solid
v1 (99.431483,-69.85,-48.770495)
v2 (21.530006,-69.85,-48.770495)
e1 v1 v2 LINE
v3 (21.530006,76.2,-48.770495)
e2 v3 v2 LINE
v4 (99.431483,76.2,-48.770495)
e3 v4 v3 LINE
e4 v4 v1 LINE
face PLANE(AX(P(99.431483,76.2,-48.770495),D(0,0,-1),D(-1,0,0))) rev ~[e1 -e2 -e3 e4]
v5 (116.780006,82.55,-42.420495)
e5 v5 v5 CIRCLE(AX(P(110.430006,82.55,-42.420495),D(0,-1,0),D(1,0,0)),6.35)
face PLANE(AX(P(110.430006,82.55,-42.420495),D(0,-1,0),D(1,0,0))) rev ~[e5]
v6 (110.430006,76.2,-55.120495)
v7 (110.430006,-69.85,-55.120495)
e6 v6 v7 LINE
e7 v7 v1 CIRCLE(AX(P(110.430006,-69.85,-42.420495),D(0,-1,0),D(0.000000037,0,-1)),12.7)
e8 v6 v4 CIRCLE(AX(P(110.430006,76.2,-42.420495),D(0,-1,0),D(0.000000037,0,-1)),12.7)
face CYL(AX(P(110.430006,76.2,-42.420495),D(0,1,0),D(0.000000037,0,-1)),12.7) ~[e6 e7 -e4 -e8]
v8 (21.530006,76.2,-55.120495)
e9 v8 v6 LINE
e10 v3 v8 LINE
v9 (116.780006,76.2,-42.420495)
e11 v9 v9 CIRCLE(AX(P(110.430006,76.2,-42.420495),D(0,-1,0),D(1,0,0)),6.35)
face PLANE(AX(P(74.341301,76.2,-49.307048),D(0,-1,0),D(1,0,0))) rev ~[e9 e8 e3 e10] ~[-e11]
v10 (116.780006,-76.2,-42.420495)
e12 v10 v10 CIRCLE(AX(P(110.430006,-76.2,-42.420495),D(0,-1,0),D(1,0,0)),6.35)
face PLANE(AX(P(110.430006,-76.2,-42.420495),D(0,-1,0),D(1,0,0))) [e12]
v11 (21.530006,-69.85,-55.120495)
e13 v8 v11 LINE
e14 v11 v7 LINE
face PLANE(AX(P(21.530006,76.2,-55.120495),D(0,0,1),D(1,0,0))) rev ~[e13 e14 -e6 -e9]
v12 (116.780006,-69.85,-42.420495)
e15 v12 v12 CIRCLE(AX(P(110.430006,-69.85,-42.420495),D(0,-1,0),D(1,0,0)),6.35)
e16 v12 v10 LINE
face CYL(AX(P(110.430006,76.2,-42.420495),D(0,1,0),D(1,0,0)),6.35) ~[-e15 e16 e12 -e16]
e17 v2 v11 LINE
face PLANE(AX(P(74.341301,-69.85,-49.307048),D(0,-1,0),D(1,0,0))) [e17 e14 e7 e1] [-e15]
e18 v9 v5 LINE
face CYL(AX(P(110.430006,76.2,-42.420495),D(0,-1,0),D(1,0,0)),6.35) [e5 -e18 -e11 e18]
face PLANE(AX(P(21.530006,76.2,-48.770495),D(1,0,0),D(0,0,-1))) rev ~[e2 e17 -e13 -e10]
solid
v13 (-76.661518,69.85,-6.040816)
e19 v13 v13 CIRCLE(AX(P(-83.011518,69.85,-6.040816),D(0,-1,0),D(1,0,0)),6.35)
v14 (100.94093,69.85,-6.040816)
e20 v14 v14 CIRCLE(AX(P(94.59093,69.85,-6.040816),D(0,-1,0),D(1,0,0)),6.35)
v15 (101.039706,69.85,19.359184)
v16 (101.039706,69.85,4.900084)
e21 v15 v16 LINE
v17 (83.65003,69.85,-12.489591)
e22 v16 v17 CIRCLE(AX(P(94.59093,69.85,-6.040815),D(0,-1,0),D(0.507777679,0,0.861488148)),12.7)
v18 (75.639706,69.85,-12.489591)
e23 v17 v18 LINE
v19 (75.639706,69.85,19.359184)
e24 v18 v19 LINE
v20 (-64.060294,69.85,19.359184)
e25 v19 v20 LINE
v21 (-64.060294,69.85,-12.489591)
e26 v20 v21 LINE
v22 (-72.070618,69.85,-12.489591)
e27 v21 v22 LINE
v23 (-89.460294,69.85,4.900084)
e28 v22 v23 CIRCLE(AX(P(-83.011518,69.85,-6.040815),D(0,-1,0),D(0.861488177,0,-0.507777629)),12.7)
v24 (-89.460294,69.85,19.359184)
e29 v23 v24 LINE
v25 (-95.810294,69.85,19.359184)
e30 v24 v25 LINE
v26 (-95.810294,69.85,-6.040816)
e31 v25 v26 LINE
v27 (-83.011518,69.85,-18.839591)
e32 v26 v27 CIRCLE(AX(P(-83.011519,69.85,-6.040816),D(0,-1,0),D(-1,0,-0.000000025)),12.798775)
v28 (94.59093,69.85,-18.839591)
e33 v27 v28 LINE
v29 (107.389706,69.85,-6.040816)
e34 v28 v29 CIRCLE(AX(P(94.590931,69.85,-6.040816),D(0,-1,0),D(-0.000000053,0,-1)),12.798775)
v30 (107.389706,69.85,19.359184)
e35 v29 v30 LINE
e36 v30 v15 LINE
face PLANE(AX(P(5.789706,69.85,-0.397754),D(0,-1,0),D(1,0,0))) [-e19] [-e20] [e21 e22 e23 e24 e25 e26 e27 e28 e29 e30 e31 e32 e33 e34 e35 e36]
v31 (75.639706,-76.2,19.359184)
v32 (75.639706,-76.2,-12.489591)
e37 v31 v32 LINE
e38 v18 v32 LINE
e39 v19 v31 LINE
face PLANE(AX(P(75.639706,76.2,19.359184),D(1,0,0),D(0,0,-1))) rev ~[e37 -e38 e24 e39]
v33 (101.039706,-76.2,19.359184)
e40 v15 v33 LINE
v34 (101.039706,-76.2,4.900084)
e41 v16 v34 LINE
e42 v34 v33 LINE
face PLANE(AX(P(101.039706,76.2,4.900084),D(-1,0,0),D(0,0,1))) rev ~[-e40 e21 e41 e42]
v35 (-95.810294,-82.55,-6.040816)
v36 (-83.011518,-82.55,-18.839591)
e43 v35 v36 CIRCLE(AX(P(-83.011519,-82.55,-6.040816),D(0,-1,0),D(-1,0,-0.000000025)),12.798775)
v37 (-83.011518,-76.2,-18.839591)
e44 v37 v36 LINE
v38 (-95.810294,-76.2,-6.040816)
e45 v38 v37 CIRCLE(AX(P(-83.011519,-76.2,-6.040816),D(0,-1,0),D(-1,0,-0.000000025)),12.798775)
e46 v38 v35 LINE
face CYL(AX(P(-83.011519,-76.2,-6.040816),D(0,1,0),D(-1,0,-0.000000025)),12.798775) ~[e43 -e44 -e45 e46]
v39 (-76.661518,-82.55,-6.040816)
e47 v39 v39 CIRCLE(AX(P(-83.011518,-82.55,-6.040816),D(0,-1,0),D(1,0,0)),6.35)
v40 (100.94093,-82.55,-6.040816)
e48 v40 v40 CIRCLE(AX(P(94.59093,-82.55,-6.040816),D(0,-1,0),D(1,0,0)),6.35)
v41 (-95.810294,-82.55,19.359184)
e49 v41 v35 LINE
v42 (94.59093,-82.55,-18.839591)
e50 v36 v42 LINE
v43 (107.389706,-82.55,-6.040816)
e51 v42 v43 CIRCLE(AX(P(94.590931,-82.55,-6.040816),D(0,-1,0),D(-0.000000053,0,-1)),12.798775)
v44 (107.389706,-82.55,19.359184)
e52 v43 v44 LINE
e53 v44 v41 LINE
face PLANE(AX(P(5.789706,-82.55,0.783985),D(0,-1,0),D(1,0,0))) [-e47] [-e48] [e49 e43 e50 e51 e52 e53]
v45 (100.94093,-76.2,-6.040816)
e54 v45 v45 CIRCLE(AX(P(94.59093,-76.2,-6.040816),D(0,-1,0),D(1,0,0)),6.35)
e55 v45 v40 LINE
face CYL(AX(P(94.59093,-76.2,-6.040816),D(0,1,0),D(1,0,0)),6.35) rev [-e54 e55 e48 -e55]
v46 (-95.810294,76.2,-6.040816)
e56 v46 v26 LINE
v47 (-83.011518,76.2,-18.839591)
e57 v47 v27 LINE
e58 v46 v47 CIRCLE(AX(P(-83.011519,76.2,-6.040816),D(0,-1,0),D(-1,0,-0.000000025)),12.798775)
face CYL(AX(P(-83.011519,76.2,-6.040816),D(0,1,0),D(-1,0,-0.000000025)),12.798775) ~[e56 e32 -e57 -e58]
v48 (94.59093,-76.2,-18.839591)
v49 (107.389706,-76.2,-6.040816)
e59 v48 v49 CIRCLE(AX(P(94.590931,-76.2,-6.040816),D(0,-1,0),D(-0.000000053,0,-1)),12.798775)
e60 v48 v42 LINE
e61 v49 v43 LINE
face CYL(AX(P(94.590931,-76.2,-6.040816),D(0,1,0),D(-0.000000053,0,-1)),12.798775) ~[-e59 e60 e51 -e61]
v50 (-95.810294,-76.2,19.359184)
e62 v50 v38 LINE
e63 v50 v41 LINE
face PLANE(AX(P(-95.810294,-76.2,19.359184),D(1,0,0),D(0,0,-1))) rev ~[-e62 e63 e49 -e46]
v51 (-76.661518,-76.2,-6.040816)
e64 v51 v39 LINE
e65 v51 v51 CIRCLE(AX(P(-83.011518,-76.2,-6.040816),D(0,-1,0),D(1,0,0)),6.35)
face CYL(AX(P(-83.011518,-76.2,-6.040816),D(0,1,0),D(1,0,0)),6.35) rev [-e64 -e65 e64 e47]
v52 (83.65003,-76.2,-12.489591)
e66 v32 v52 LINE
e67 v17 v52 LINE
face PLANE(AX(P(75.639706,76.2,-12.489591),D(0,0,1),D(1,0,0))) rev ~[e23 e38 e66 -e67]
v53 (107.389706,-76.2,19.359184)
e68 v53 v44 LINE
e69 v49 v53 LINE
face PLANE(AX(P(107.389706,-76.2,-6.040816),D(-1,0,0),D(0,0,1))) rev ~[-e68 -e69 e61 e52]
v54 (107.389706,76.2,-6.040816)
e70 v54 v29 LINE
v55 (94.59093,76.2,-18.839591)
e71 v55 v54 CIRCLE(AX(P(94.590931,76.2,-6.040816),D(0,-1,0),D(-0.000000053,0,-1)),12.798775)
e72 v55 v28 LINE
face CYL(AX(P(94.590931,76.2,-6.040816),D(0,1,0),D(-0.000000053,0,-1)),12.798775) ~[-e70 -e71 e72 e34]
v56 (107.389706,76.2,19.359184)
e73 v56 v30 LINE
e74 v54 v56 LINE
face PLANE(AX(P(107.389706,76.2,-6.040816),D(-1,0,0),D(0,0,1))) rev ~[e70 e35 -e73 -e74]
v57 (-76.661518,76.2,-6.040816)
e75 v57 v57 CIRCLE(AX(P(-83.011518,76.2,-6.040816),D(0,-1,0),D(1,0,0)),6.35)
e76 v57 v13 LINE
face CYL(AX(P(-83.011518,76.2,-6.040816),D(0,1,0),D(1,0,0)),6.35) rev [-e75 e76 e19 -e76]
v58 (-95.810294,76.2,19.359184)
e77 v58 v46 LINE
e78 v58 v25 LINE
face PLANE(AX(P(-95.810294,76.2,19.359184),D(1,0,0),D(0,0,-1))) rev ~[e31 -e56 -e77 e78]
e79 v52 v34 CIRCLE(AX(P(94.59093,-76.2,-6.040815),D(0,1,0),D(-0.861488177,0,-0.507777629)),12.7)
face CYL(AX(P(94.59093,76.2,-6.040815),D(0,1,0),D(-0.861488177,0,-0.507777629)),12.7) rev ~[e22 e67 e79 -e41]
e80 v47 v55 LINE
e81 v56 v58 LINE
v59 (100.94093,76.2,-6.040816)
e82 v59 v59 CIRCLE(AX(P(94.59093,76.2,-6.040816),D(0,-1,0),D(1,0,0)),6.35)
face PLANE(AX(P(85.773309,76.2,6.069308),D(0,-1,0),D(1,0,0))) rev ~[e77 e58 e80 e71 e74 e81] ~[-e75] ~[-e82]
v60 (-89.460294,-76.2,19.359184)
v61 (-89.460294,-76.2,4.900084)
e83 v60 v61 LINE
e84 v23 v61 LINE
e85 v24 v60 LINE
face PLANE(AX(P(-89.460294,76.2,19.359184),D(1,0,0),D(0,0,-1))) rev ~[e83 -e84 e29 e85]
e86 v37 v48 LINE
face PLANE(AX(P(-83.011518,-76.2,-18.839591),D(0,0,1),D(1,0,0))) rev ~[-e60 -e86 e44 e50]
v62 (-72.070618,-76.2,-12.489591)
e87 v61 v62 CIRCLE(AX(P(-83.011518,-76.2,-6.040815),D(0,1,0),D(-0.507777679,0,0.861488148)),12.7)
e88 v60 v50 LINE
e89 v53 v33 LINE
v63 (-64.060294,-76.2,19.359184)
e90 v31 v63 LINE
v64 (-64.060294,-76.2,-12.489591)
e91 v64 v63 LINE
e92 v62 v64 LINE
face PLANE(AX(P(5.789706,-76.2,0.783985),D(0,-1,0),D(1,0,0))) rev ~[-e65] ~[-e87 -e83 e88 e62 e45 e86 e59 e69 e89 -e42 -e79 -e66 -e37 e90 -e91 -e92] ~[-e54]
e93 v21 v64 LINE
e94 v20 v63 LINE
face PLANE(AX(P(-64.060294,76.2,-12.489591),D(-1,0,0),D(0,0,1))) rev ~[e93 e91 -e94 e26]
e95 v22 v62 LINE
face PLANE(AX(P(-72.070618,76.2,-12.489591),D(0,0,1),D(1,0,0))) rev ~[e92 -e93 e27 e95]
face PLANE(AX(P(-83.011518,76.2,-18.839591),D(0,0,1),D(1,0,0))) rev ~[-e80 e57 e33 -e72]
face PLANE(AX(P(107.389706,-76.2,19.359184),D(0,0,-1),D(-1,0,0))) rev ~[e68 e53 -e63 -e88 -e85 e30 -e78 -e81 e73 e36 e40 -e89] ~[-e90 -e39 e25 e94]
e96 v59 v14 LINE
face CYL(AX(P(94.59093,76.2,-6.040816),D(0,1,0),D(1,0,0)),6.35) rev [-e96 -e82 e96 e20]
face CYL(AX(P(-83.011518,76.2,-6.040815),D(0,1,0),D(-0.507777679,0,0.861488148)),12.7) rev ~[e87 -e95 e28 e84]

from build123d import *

# Parameters (mm, degrees)
F1_R           = 6.35
F2_DEPTH       = 6.35
F3_DEPTH       = 152.4
F4_DEPTH       = 152.4
F6_R           = 6.35
F7_DEPTH       = 6.35
F8_R           = 6.35
F9_DEPTH       = 146.05
F10_DEPTH      = 152.4
F10_DEPTH_BACK = 6.35


with BuildPart() as f2:
    # F1 (on offset) → F2 (new body)
    with BuildSketch(Plane.XZ.offset(-76.2)):
        with BuildLine():
            Line((-89.460294, 19.359184), (-95.810294, 19.359184))
            Line((-95.810294, 19.359184), (-95.810294, -6.040816))
            ThreePointArc((-95.810294, -6.040816), (-92.061619, -15.090917), (-83.011518, -18.839591))
            Line((-83.011518, -18.839591), (94.59093, -18.839591))
            ThreePointArc((94.59093, -18.839591), (103.641031, -15.090917), (107.389706, -6.040816))
            Line((107.389706, -6.040816), (107.389706, 19.359184))
            Line((107.389706, 19.359184), (101.039706, 19.359184))
            Line((101.039706, 19.359184), (101.039706, 4.900084))
            ThreePointArc((101.039706, 4.900084), (85.610674, 2.939441), (83.65003, -12.489591))
            Line((83.65003, -12.489591), (75.639706, -12.489591))
            Line((75.639706, -12.489591), (75.639706, 19.359184))
            Line((75.639706, 19.359184), (-64.060294, 19.359184))
            Line((-64.060294, 19.359184), (-64.060294, -12.489591))
            Line((-64.060294, -12.489591), (-72.070618, -12.489591))
            ThreePointArc((-72.070618, -12.489591), (-74.031262, 2.939441), (-89.460294, 4.900084))
            Line((-89.460294, 4.900084), (-89.460294, 19.359184))
        make_face()
        with Locations((-83.011518, -6.040816)):
            Circle(F1_R, mode=Mode.SUBTRACT)
        with Locations((94.59093, -6.040816)):
            Circle(F1_R, mode=Mode.SUBTRACT)
    extrude(amount=F2_DEPTH)

    # F1 (on offset) → F3 (join)
    with BuildSketch(Plane.XZ.offset(-76.2)):
        with BuildLine():
            Line((-64.060294, 19.359184), (-89.460294, 19.359184))
            Line((-89.460294, 19.359184), (-89.460294, 4.900084))
            ThreePointArc((-89.460294, 4.900084), (-74.031262, 2.939441), (-72.070618, -12.489591))
            Line((-72.070618, -12.489591), (-64.060294, -12.489591))
            Line((-64.060294, -12.489591), (-64.060294, 19.359184))
        make_face()
    extrude(amount=F3_DEPTH)

    # F1 (on offset) → F4 (join)
    with BuildSketch(Plane.XZ.offset(-76.2)):
        with BuildLine():
            Line((101.039706, 19.359184), (75.639706, 19.359184))
            Line((75.639706, 19.359184), (75.639706, -12.489591))
            Line((75.639706, -12.489591), (83.65003, -12.489591))
            ThreePointArc((83.65003, -12.489591), (85.610674, 2.939441), (101.039706, 4.900084))
            Line((101.039706, 4.900084), (101.039706, 19.359184))
        make_face()
    extrude(amount=F4_DEPTH)

    # F6 (on offset) → F7 (join)
    with BuildSketch(Plane.XZ.offset(76.2)):
        with BuildLine():
            Line((-89.460294, 19.359184), (-95.810294, 19.359184))
            Line((-95.810294, 19.359184), (-95.810294, -6.040816))
            ThreePointArc((-95.810294, -6.040816), (-92.061619, -15.090917), (-83.011518, -18.839591))
            Line((-83.011518, -18.839591), (94.59093, -18.839591))
            ThreePointArc((94.59093, -18.839591), (103.641031, -15.090917), (107.389706, -6.040816))
            Line((107.389706, -6.040816), (107.389706, 19.359184))
            Line((107.389706, 19.359184), (-89.460294, 19.359184))
        make_face()
        with Locations((-83.011518, -6.040816)):
            Circle(F6_R, mode=Mode.SUBTRACT)
        with Locations((94.59093, -6.040816)):
            Circle(F6_R, mode=Mode.SUBTRACT)
    extrude(amount=F7_DEPTH)


with BuildPart() as f9:
    # F8 (on offset) → F9 (new body)
    with BuildSketch(Plane.XZ.offset(-76.2)):
        with BuildLine():
            Line((21.530006, -55.120495), (110.430006, -55.120495))
            ThreePointArc((110.430006, -55.120495), (116.780006, -31.421973), (99.431483, -48.770495))
            Line((99.431483, -48.770495), (21.530006, -48.770495))
            Line((21.530006, -48.770495), (21.530006, -55.120495))
        make_face()
        with Locations((110.430006, -42.420495)):
            Circle(F8_R, mode=Mode.SUBTRACT)
    extrude(amount=F9_DEPTH)

    # F8 (on offset) → F10 (join, two sides)
    with BuildSketch(Plane.XZ.offset(-76.2)) as f10_sk:
        with Locations((110.430006, -42.420495)):
            Circle(F8_R)
    extrude(amount=F10_DEPTH)
    extrude(f10_sk.sketch, amount=-F10_DEPTH_BACK)


solid = Compound([f2.part, f9.part])
